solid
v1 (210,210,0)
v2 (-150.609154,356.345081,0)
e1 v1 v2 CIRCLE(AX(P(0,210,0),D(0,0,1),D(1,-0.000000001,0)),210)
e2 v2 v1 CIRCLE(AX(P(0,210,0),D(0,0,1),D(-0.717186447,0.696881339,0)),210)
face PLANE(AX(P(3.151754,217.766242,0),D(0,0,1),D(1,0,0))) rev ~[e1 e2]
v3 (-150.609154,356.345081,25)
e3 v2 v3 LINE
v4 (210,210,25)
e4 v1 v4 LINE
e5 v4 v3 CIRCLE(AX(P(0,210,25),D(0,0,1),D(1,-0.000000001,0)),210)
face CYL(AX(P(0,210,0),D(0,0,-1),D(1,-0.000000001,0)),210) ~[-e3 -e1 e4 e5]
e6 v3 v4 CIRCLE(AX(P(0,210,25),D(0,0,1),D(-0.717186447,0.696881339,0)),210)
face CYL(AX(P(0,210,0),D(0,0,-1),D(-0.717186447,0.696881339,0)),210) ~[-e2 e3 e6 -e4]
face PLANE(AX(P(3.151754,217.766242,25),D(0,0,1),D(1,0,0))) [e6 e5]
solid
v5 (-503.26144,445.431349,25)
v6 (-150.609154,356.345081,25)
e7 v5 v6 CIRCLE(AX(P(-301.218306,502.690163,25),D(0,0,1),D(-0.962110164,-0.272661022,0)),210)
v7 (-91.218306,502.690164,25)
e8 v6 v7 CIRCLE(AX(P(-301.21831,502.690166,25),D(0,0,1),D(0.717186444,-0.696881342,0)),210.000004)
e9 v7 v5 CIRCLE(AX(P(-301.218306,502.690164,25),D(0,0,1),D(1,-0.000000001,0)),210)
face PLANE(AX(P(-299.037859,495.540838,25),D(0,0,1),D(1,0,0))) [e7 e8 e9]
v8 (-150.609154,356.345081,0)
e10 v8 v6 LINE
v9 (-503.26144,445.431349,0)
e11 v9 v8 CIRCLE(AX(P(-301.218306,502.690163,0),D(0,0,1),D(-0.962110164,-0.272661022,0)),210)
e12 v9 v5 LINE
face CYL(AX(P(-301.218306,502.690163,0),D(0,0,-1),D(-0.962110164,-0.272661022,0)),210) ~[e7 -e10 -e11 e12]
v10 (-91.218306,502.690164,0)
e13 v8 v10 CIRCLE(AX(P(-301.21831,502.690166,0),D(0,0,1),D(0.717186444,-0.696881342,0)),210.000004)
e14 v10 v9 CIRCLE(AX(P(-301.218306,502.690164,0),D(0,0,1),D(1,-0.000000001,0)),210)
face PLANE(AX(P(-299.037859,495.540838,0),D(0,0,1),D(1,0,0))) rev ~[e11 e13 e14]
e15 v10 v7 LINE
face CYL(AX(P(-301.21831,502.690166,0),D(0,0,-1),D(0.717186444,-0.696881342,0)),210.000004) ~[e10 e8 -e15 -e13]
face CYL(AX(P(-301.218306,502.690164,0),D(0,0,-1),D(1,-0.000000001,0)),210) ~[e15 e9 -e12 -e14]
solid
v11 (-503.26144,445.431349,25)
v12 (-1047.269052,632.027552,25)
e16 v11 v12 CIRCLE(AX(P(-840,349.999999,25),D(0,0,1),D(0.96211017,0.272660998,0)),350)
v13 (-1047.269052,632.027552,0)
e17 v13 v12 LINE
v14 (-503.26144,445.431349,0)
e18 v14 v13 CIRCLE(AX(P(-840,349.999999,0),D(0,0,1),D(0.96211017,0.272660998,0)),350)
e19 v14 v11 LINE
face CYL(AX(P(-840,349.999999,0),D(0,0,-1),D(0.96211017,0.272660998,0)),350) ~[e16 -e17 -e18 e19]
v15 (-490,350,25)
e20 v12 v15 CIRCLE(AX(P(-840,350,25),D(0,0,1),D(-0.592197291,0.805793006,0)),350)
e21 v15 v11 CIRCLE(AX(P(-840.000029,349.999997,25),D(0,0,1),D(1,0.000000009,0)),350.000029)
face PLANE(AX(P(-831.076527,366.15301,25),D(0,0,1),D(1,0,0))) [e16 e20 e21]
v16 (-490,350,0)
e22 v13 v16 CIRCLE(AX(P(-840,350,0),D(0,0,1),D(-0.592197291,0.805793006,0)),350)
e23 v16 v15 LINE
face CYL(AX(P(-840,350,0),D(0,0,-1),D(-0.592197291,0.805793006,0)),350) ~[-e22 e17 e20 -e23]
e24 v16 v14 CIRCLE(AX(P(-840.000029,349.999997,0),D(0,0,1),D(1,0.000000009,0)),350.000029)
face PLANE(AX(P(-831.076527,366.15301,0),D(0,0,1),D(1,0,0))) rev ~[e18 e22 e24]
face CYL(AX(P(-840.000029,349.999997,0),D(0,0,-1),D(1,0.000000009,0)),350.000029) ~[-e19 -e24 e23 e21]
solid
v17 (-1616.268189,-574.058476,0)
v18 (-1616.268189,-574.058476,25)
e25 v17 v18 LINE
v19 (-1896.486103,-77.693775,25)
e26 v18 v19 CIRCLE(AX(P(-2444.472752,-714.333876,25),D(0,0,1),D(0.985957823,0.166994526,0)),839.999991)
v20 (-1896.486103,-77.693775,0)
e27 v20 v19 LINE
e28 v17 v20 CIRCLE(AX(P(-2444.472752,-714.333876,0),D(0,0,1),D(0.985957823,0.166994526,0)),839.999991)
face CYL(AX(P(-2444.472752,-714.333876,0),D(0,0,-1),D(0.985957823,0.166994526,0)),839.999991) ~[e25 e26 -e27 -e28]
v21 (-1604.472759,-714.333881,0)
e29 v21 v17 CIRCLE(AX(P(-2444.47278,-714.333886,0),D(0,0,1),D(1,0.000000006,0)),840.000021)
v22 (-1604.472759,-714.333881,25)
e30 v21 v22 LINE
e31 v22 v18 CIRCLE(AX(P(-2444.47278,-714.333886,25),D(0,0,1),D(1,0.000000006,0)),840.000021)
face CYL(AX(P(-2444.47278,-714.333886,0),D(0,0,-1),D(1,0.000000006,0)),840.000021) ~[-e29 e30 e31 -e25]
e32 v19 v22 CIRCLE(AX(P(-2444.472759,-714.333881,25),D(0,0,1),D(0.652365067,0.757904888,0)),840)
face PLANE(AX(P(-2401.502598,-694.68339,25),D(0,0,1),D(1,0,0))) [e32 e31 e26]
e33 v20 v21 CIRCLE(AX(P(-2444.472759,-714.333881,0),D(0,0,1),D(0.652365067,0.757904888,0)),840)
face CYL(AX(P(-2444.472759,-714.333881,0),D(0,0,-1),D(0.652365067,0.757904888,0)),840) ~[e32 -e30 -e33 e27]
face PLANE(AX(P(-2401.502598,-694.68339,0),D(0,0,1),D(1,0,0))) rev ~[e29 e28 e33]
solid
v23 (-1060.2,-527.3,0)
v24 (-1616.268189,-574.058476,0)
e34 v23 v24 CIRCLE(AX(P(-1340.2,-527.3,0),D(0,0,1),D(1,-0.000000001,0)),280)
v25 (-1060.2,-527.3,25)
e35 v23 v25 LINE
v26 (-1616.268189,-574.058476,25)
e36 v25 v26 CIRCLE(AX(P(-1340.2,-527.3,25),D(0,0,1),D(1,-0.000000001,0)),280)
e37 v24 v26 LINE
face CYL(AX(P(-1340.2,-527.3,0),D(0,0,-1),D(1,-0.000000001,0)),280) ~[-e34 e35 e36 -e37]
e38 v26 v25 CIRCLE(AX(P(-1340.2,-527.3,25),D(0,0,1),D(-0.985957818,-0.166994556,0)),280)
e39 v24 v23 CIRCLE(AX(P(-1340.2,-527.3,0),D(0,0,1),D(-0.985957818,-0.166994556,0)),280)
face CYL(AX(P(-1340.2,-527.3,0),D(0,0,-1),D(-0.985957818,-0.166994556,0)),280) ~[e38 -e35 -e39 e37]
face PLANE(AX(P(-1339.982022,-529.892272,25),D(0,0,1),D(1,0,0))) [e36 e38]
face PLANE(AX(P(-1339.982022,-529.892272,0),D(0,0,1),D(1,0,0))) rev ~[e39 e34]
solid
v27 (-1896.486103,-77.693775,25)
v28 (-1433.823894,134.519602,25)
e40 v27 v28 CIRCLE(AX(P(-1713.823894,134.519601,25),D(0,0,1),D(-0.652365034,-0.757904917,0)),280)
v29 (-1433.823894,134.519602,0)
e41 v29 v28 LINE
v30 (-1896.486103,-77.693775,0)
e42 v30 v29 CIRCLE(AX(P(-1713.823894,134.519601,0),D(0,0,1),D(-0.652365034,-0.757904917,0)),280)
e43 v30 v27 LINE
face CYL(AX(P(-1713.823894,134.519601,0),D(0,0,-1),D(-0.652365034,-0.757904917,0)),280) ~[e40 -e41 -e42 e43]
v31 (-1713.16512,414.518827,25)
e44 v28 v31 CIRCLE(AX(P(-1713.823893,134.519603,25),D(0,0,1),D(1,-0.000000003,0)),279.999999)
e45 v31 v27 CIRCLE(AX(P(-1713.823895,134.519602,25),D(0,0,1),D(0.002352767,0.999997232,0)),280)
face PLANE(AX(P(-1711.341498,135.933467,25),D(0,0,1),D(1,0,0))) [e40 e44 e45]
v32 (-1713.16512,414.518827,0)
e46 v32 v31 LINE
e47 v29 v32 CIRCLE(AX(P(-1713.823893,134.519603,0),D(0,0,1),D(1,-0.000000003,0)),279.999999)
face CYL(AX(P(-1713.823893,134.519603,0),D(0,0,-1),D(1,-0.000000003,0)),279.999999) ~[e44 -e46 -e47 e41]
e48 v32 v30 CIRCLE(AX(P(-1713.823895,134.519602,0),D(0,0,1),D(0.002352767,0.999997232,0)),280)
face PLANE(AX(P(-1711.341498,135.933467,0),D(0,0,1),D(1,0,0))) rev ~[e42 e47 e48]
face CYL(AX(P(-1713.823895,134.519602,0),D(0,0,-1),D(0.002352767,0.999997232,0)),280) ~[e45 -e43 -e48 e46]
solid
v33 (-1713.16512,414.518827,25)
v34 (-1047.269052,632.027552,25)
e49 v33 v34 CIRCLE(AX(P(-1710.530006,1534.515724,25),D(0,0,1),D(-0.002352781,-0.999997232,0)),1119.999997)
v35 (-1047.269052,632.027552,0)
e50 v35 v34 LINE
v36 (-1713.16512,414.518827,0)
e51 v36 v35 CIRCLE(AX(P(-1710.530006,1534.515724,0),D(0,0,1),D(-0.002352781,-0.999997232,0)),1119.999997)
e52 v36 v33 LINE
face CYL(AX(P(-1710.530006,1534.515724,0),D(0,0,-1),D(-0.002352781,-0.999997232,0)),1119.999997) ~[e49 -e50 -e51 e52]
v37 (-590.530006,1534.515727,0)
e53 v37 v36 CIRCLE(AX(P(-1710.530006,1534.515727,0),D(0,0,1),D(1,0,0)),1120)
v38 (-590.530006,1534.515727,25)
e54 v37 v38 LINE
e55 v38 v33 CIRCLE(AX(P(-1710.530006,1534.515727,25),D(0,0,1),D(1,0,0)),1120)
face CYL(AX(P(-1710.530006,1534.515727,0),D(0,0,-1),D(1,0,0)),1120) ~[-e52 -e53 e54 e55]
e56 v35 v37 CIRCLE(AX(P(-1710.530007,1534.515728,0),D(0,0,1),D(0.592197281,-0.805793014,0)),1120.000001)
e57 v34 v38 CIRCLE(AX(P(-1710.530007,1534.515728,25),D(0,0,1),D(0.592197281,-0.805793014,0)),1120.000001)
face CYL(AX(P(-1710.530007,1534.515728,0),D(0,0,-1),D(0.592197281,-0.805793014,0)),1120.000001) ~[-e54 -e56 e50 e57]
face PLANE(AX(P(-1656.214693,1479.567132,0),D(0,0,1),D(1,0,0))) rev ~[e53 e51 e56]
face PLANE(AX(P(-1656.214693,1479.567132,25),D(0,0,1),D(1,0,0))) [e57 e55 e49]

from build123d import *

# Parameters (mm, degrees)
F1_DEPTH = 25


with BuildPart() as f1:
    # F0 (on Top) → F1 (new body)
    with BuildSketch(Plane.XY):
        with BuildLine():
            ThreePointArc((-150.609154, 356.345081), (-78.968594, 15.413358), (210, 210))
            ThreePointArc((210, 210), (78.968594, 404.586642), (-150.609154, 356.345081))
        make_face()
        with BuildLine():
            ThreePointArc((-1060.2, -527.3), (-1363.661747, -248.284684), (-1616.268189, -574.058476))
            ThreePointArc((-1616.268189, -574.058476), (-1316.738253, -806.315316), (-1060.2, -527.3))
        make_face()
        with BuildLine():
            ThreePointArc((-1616.268189, -574.058476), (-1712.987932, -301.381162), (-1896.486103, -77.693775))
            ThreePointArc((-1896.486103, -77.693775), (-3207.987262, -1064.541826), (-1604.472759, -714.333881))
            ThreePointArc((-1604.472759, -714.333881), (-1607.426811, -643.948653), (-1616.268189, -574.058476))
        make_face()
        with BuildLine():
            ThreePointArc((-1433.823894, 134.519602), (-1515.60122, 332.276452), (-1713.16512, 414.518827))
            ThreePointArc((-1713.16512, 414.518827), (-1976.216013, 232.245628), (-1896.486103, -77.693775))
            ThreePointArc((-1896.486103, -77.693775), (-1597.087907, -119.98523), (-1433.823894, 134.519602))
        make_face()
        with BuildLine():
            ThreePointArc((-1713.16512, 414.518827), (-1362.774148, 469.872189), (-1047.269052, 632.027552))
            ThreePointArc((-1047.269052, 632.027552), (-711.217175, 1028.77482), (-590.530006, 1534.515727))
            ThreePointArc((-590.530006, 1534.515727), (-2501.557399, 2327.406428), (-1713.16512, 414.518827))
        make_face()
        with BuildLine():
            ThreePointArc((-490, 350), (-493.331213, 398.174184), (-503.26144, 445.431349))
            ThreePointArc((-503.26144, 445.431349), (-726.4433, 681.066271), (-1047.269052, 632.027552))
            ThreePointArc((-1047.269052, 632.027552), (-998.044032, 37.714739), (-490, 350))
        make_face()
        with BuildLine():
            ThreePointArc((-503.26144, 445.431349), (-352.652287, 299.08627), (-150.609154, 356.345081))
            ThreePointArc((-150.609154, 356.345081), (-106.631665, 423.721569), (-91.218306, 502.690164))
            ThreePointArc((-91.218306, 502.690164), (-330.12282, 710.691436), (-503.26144, 445.431349))
        make_face()
    extrude(amount=F1_DEPTH)


solid = f1.part
